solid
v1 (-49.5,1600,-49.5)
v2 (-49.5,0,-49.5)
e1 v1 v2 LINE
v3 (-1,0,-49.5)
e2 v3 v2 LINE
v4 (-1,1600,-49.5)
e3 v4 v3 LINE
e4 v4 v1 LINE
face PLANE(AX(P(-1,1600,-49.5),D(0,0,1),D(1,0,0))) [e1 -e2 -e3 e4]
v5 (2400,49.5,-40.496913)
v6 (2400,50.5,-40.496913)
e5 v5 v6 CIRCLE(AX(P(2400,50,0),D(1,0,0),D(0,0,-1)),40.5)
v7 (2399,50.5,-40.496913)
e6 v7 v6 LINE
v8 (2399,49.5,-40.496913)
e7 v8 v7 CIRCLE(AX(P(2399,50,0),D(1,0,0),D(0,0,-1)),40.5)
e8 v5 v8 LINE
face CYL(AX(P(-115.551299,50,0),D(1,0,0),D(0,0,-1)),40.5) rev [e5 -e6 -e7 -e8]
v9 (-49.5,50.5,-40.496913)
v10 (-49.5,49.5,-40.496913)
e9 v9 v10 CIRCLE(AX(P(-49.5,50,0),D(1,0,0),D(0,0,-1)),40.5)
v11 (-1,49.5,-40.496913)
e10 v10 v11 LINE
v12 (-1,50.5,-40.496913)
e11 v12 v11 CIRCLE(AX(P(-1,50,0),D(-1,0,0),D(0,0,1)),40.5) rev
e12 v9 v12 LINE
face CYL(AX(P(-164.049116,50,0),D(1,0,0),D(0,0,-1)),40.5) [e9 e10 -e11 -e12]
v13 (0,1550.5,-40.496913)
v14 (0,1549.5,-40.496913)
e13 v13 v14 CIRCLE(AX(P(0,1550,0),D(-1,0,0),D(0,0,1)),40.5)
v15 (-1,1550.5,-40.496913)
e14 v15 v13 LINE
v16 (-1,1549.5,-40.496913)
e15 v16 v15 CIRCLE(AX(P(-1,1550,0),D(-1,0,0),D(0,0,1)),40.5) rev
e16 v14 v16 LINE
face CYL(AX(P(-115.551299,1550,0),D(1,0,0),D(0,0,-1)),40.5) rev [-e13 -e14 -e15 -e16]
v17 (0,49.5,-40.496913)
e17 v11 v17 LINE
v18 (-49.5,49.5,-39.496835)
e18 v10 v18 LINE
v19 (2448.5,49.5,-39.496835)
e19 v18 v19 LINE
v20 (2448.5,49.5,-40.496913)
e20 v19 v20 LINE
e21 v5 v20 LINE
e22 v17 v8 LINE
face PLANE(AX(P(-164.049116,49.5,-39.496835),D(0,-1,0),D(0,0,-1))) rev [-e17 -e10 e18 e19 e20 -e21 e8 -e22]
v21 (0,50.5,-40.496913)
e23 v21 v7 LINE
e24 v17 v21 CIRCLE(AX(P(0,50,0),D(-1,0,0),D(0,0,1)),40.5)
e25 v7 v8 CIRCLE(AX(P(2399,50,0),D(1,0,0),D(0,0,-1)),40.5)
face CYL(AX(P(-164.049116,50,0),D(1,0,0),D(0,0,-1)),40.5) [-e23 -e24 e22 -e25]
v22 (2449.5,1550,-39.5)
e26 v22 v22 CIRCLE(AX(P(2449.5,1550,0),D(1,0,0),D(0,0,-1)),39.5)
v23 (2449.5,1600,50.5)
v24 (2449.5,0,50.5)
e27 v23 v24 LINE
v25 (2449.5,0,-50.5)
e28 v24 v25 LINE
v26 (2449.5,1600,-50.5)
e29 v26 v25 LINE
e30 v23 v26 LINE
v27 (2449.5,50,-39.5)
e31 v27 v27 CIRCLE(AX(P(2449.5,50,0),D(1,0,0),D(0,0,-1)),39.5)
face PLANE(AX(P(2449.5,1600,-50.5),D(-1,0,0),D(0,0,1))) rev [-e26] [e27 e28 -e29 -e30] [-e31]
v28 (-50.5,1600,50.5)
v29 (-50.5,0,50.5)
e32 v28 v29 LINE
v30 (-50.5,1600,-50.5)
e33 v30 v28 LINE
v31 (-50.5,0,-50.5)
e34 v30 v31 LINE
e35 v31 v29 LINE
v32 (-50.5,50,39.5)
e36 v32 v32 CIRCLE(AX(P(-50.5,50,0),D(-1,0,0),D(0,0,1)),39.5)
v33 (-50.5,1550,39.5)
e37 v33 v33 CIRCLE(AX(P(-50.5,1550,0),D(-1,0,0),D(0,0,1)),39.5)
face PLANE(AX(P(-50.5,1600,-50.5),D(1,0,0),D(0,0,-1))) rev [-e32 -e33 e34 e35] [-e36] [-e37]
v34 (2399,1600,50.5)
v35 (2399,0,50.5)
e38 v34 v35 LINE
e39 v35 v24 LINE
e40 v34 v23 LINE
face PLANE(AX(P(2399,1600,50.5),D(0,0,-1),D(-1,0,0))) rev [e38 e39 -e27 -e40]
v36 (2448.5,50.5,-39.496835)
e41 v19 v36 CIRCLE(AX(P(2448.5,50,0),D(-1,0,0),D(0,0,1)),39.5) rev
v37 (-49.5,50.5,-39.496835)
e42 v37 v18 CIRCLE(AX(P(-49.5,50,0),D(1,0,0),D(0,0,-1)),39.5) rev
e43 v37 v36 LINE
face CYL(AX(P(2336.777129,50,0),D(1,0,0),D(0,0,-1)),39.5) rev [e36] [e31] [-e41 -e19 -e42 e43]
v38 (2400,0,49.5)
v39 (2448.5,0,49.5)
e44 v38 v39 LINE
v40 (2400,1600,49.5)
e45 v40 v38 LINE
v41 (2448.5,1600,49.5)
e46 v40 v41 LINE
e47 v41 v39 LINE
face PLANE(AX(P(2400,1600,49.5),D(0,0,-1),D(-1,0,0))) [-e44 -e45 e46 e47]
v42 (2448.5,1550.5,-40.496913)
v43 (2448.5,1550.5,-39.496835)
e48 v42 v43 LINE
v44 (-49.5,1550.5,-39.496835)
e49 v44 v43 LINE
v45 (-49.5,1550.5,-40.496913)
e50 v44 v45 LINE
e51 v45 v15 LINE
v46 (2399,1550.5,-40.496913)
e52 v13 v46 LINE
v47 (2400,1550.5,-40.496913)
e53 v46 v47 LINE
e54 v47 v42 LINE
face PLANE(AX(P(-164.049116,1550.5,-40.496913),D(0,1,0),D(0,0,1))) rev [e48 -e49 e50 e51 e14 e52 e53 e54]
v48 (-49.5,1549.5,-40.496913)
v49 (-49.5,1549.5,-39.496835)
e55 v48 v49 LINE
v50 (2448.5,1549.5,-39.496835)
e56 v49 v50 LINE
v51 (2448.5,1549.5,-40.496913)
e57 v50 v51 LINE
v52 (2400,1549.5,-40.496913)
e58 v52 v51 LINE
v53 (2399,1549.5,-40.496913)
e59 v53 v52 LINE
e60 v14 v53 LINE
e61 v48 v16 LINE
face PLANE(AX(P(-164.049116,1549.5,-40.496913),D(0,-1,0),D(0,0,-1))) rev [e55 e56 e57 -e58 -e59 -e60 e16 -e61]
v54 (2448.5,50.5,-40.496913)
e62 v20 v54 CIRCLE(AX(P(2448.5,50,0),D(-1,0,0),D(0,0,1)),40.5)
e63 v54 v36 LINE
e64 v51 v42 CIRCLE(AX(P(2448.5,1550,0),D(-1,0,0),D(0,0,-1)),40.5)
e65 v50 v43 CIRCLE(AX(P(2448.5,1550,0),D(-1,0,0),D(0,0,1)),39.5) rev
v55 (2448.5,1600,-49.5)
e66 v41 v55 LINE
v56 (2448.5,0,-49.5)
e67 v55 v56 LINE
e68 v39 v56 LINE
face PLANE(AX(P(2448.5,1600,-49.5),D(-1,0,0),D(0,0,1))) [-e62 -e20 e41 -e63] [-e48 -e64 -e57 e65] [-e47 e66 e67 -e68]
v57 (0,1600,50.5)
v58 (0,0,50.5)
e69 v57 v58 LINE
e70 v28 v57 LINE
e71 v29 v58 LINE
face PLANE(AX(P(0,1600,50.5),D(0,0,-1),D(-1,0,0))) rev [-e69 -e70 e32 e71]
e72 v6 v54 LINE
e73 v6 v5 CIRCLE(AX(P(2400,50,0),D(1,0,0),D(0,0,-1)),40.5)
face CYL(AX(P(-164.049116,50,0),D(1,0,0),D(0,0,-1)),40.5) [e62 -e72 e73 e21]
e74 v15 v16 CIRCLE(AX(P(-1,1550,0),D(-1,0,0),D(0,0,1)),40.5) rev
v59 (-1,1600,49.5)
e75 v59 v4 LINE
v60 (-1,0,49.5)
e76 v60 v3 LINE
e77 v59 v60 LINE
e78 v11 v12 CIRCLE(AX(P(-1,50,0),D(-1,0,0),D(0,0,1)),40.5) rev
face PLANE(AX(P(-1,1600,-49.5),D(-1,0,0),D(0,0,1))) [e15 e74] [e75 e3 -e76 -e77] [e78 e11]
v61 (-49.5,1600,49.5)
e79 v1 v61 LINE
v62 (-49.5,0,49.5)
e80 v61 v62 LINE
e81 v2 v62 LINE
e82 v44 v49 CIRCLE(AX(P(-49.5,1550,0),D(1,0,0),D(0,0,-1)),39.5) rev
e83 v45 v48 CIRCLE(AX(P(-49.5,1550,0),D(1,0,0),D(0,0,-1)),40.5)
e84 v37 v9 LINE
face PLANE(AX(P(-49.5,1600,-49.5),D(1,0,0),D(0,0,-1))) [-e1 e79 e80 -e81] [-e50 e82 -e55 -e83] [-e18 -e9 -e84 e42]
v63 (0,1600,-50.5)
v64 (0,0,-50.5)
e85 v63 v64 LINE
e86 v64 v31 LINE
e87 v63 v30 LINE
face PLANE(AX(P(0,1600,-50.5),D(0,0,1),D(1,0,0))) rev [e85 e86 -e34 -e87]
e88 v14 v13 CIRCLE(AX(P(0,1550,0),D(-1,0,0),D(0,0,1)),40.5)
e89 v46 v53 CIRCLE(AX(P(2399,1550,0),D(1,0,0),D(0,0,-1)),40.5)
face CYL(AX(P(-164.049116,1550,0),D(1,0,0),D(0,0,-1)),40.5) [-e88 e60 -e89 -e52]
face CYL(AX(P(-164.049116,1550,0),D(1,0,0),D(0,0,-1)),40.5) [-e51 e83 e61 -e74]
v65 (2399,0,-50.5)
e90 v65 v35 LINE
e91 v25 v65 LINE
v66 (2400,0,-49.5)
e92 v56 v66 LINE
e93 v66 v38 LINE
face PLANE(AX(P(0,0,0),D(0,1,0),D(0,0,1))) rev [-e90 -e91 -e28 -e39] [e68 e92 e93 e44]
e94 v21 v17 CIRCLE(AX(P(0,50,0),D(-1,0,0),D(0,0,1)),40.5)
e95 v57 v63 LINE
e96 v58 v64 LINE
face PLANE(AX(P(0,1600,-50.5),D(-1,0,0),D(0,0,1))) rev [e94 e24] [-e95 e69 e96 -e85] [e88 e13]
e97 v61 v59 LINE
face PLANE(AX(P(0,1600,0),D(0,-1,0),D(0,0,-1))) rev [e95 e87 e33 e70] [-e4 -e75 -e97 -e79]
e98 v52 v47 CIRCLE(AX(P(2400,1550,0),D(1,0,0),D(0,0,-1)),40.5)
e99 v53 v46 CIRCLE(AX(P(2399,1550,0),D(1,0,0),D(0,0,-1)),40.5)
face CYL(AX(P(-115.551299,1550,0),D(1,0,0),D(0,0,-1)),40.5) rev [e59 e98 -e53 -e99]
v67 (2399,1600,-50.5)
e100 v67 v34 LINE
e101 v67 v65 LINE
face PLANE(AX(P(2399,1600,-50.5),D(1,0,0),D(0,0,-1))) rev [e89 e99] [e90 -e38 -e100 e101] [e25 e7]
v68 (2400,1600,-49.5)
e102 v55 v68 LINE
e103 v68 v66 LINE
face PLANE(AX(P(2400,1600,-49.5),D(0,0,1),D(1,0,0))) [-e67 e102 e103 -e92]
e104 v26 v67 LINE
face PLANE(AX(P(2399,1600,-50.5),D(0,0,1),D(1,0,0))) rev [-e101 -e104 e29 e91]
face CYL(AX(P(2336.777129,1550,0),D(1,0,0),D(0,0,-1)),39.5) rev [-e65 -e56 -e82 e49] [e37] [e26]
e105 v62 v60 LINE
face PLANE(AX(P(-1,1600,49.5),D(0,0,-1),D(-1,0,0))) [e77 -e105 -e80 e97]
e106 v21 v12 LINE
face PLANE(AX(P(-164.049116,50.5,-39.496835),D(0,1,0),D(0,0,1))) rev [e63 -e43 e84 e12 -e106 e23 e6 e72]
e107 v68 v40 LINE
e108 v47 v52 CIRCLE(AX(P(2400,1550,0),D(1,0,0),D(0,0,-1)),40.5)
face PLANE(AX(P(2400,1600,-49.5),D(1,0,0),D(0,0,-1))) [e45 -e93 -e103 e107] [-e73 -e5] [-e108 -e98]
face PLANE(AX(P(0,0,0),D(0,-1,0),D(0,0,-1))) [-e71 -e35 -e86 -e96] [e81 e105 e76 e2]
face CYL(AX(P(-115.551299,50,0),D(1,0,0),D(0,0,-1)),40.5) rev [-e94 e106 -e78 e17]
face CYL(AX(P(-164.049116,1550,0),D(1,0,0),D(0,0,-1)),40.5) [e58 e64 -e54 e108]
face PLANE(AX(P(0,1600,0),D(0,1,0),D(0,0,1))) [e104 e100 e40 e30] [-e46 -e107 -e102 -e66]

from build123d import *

# Parameters (mm, degrees)
SKETCH3_W             = 50.5
SKETCH3_H             = 101
SKETCH3_W_2           = 48.5
SKETCH3_H_2           = 99
BOSS_EXTRUDE1_DEPTH   = 1600
BOSS_EXTRUDE1_2_DEPTH = 1600
SKETCH4_R             = 39.5
CUT_EXTRUDE1_DEPTH    = 1
SKETCH5_R             = 39.5
CUT_EXTRUDE2_DEPTH    = 1
SKETCH6_R             = 40.5
CUT_EXTRUDE3_DEPTH    = 2401
BOSS_EXTRUDE2_DEPTH   = 2498


with BuildPart() as part:
    # Sketch3 → Boss-Extrude1 (new body)
    with BuildSketch(Plane(origin=(0, 0, 0), x_dir=(1, 0, 0), z_dir=(0, 1, 0))):
        with Locations((-25.25, 0)):
            Rectangle(SKETCH3_W, SKETCH3_H)
        with Locations((-25.25, 0)):
            Rectangle(SKETCH3_W_2, SKETCH3_H_2, mode=Mode.SUBTRACT)
    extrude(amount=BOSS_EXTRUDE1_DEPTH)

    # Sketch5 → Cut-Extrude2 (cut)
    with BuildSketch(Plane.ZY.offset(50.5)):
        with Locations((0, 50)):
            Circle(SKETCH5_R)
        with Locations((0, 1550)):
            Circle(SKETCH5_R)
    extrude(amount=-CUT_EXTRUDE2_DEPTH, mode=Mode.SUBTRACT)


with BuildPart() as body_2:
    # Sketch3 → Boss-Extrude1 2 (new body)
    with BuildSketch(Plane(origin=(0, 0, 0), x_dir=(1, 0, 0), z_dir=(0, 1, 0))):
        with Locations((2424.25, 0)):
            Rectangle(SKETCH3_W, SKETCH3_H)
        with Locations((2424.25, 0)):
            Rectangle(SKETCH3_W_2, SKETCH3_H_2, mode=Mode.SUBTRACT)
    extrude(amount=BOSS_EXTRUDE1_2_DEPTH)

    # Sketch4 → Cut-Extrude1 (cut)
    with BuildSketch(Plane(origin=(2449.5, 0, 0), x_dir=(0, 0, -1), z_dir=(1, 0, 0))):
        with Locations((0, 50)):
            Circle(SKETCH4_R)
        with Locations((0, 1550)):
            Circle(SKETCH4_R)
    extrude(amount=-CUT_EXTRUDE1_DEPTH, mode=Mode.SUBTRACT)


with BuildPart() as cut_extrude3_tool:
    # Sketch6 → Cut-Extrude3 (new body)
    with BuildSketch(Plane(origin=(2400, 0, 0), x_dir=(0, 0, -1), z_dir=(1, 0, 0))):
        with Locations((0, 50)):
            Circle(SKETCH6_R)
        with Locations((0, 1550)):
            Circle(SKETCH6_R)
    extrude(amount=-CUT_EXTRUDE3_DEPTH)


with BuildPart() as part_1:
    add(part.part)

    # Cut-Extrude3: cut by cut_extrude3_tool
    add(cut_extrude3_tool.part, mode=Mode.SUBTRACT)



with BuildPart() as body_2_1:
    add(body_2.part)

    # Cut-Extrude3: cut by cut_extrude3_tool
    add(cut_extrude3_tool.part, mode=Mode.SUBTRACT)


with BuildPart() as part_2:
    add(part_1.part)

    add(body_2_1.part)  # Boss-Extrude2 merges body 2
    # Sketch7 → Boss-Extrude2 (add)
    with BuildSketch(Plane.ZY.offset(-2448.5)):
        with BuildLine():
            Line((-39.496835316, 50.5), (-40.496913463, 50.5))
            ThreePointArc((-40.496913463, 50.5), (40.5, 50), (-40.496913463, 49.5))
            Line((-40.496913463, 49.5), (-39.496835316, 49.5))
            ThreePointArc((-39.496835316, 49.5), (39.5, 50), (-39.496835316, 50.5))
        make_face()
        with BuildLine():
            Line((-40.496913463, 1550.5), (-39.496835316, 1550.5))
            ThreePointArc((-39.496835316, 1550.5), (39.5, 1550), (-39.496835316, 1549.5))
            Line((-39.496835316, 1549.5), (-40.496913463, 1549.5))
            ThreePointArc((-40.496913463, 1549.5), (40.5, 1550), (-40.496913463, 1550.5))
        make_face()
    extrude(amount=BOSS_EXTRUDE2_DEPTH)


solid = part_2.part
